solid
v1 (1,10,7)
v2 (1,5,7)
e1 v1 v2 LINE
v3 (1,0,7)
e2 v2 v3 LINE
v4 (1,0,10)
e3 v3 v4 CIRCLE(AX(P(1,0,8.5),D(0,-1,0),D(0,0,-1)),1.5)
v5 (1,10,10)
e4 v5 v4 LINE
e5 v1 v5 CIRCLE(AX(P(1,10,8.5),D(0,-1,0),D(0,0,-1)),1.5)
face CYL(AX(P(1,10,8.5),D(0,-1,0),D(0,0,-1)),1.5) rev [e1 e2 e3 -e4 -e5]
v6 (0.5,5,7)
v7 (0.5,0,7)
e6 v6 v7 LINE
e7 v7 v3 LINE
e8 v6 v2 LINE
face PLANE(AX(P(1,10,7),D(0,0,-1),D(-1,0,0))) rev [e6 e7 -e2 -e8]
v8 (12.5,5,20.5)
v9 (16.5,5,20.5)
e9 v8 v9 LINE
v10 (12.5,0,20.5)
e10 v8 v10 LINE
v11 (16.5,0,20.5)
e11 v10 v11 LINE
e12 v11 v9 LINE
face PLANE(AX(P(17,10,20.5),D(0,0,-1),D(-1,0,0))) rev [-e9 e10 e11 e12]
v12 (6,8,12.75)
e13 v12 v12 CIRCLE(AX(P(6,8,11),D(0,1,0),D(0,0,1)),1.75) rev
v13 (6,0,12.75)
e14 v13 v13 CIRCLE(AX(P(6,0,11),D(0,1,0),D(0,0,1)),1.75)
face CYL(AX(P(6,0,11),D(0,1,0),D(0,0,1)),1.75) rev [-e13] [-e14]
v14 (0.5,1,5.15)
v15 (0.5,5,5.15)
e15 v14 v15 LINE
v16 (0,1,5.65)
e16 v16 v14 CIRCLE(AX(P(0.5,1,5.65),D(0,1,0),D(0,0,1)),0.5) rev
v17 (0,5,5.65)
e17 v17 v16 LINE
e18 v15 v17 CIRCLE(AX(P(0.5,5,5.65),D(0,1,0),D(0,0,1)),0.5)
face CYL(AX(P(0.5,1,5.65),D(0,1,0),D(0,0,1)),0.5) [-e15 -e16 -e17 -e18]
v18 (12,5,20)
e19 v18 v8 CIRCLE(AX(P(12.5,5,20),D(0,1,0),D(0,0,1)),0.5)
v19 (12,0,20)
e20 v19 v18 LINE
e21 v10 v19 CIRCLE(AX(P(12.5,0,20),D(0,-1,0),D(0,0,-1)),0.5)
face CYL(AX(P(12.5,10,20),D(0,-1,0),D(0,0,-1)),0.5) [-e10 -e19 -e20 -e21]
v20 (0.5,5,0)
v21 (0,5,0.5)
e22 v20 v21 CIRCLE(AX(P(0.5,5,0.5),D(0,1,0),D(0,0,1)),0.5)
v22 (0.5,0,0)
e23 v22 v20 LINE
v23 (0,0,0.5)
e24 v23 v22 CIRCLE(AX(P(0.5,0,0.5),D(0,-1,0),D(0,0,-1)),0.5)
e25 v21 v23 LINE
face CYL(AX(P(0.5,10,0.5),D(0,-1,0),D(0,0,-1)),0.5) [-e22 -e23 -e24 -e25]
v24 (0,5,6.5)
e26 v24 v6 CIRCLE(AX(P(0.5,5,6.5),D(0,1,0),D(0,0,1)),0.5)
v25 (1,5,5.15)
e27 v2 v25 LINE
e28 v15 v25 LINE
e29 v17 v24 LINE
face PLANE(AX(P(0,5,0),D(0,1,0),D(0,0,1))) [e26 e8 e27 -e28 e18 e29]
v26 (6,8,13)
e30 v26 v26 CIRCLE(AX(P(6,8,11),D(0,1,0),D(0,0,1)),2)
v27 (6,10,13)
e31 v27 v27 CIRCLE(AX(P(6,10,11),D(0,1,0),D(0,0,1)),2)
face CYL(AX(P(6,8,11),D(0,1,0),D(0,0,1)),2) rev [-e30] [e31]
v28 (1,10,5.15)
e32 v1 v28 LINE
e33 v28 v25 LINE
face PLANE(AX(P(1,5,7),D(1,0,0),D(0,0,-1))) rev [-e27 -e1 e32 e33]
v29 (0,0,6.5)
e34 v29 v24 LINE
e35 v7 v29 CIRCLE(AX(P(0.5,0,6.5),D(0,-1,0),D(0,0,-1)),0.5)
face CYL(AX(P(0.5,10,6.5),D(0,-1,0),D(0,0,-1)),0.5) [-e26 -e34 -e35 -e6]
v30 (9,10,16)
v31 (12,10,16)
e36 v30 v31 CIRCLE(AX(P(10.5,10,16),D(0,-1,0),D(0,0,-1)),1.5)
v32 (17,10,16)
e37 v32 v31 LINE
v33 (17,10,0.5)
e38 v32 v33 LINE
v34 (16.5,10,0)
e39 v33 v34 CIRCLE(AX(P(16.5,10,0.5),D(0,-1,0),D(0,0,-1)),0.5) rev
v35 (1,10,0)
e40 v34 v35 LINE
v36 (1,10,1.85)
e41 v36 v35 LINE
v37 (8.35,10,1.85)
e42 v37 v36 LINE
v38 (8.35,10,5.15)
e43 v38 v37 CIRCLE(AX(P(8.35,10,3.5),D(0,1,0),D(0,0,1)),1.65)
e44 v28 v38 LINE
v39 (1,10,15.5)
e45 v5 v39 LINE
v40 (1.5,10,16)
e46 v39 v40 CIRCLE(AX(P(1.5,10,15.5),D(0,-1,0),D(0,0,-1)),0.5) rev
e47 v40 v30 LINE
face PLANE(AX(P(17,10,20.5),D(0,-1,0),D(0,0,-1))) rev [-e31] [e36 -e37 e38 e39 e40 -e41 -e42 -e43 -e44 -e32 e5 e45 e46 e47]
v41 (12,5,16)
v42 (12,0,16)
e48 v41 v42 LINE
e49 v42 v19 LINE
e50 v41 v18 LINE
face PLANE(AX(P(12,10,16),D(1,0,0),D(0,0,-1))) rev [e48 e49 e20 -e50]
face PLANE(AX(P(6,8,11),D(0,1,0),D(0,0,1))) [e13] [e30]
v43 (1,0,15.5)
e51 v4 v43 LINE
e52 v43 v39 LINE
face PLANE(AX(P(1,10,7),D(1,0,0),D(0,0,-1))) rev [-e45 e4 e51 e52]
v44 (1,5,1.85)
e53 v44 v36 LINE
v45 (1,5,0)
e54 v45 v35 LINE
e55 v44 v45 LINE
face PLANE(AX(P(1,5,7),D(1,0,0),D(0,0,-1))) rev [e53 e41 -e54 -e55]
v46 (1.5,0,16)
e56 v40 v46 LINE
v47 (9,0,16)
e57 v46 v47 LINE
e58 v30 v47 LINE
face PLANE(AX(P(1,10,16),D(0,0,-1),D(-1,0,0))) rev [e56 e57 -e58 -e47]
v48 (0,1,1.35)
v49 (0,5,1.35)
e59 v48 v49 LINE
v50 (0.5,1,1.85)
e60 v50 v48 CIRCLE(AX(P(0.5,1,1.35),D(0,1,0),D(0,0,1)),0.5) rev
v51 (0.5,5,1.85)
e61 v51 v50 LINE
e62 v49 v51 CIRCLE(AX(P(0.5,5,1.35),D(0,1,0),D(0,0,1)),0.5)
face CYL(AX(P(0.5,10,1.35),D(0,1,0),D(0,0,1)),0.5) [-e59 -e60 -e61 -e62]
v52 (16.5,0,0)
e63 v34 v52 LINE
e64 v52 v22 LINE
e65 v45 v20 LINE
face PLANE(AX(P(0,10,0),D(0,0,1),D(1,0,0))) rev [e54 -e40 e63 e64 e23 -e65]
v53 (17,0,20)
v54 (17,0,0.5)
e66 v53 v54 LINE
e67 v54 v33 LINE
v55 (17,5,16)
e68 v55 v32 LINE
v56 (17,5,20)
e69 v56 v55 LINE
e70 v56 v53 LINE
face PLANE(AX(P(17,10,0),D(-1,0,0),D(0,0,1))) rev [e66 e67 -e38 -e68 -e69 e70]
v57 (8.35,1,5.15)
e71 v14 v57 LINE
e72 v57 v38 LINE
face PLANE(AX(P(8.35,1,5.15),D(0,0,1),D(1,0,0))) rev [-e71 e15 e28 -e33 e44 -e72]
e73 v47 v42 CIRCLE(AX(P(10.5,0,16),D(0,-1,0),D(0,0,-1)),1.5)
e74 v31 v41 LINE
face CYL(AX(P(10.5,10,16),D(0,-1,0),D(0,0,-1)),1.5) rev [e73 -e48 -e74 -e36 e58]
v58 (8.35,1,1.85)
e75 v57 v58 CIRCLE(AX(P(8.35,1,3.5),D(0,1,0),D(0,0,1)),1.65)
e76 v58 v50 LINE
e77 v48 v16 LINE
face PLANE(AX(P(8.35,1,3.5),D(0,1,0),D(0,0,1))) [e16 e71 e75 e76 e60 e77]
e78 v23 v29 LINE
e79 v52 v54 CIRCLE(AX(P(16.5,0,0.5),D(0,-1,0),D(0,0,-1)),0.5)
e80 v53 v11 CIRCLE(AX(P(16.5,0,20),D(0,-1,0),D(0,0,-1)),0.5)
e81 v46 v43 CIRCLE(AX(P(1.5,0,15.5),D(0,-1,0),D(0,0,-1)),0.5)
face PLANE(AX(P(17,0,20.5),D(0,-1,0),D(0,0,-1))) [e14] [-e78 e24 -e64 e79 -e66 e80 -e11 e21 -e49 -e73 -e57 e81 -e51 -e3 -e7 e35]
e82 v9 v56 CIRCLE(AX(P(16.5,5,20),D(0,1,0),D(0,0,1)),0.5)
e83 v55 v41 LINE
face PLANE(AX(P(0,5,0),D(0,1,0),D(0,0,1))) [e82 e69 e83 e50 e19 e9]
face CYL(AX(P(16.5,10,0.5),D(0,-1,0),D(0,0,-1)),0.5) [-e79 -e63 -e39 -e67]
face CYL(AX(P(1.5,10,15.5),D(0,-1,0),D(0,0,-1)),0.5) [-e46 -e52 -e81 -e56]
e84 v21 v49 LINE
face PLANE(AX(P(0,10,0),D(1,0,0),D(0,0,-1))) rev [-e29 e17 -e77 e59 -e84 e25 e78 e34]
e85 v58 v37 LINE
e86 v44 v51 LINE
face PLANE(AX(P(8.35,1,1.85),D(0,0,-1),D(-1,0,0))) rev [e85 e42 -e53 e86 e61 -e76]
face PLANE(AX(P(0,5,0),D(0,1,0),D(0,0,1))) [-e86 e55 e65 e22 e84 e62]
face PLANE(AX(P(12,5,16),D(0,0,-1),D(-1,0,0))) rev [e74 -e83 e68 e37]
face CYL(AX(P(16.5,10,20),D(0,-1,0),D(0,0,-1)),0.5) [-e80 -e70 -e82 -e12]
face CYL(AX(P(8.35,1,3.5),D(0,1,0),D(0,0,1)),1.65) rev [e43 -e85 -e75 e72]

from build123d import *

# Parameters (mm, degrees)
BOSS_EXTRUDE1_DEPTH = 10
SKETCH4_R           = 1.75
CUT_EXTRUDE3_DEPTH  = 10
SKETCH6_R           = 2
CUT_EXTRUDE5_DEPTH  = 2
CUT_EXTRUDE6_DEPTH  = 29.447319733
SKETCH8_W           = 5
SKETCH8_H           = 4.5
SKETCH8_W_2         = 1
SKETCH8_H_2         = 7
CUT_EXTRUDE7_DEPTH  = 5
CUT_EXTRUDE8_DEPTH  = 9
FILLET6_R           = 0.5


with BuildPart() as part:
    # Sketch1 → Boss-Extrude1 (new body)
    with BuildSketch(Plane(origin=(0, 0, 0), x_dir=(1, 0, 0), z_dir=(0, 1, 0))):
        Polygon((0, 0), (17, 0), (17, -20.5), (12, -20.5), (12, -16), (1, -16), (1, -7), (0, -7), align=None)
    extrude(amount=BOSS_EXTRUDE1_DEPTH)

    # Sketch4 → Cut-Extrude3 (cut)
    with BuildSketch(Plane(origin=(0, 10, 0), x_dir=(1, 0, 0), z_dir=(0, 1, 0))):
        with Locations(Location((6, -11, 0), (0, 0, 270))):
            Circle(SKETCH4_R)
    extrude(amount=-CUT_EXTRUDE3_DEPTH, mode=Mode.SUBTRACT)

    # Sketch6 → Cut-Extrude5 (cut)
    with BuildSketch(Plane(origin=(0, 10, 0), x_dir=(1, 0, 0), z_dir=(0, 1, 0))):
        with Locations(Location((6, -11, 0), (0, 0, 270))):
            Circle(SKETCH6_R)
    extrude(amount=-CUT_EXTRUDE5_DEPTH, mode=Mode.SUBTRACT)

    # Sketch7 → Cut-Extrude6 (cut, through all)
    with BuildSketch(Plane.XZ):
        with BuildLine():
            Line((0, 10), (1, 10))
            ThreePointArc((1, 10), (2.5, 8.5), (1, 7))
            Line((1, 7), (0, 7))
            ThreePointArc((0, 7), (-1.5, 8.5), (0, 10))
        make_face()
        with BuildLine():
            Line((9, 16), (9, 20.5))
            ThreePointArc((9, 20.5), (10.5, 22), (12, 20.5))
            Line((12, 20.5), (12, 16))
            ThreePointArc((12, 16), (10.5, 14.5), (9, 16))
        make_face()
    extrude(amount=-CUT_EXTRUDE6_DEPTH, mode=Mode.SUBTRACT)

    # Sketch8 → Cut-Extrude7 (cut)
    with BuildSketch(Plane(origin=(0, 10, 0), x_dir=(1, 0, 0), z_dir=(0, 1, 0))):
        with Locations((14.5, -18.25)):
            Rectangle(SKETCH8_W, SKETCH8_H)
        with Locations((0.5, -3.5)):
            Rectangle(SKETCH8_W_2, SKETCH8_H_2)
    extrude(amount=-CUT_EXTRUDE7_DEPTH, mode=Mode.SUBTRACT)

    # Sketch9 → Cut-Extrude8 (cut)
    with BuildSketch(Plane(origin=(0, 10, 0), x_dir=(1, 0, 0), z_dir=(0, 1, 0))):
        with BuildLine():
            Line((8.35, -5.15), (0, -5.15))
            ThreePointArc((0, -5.15), (-1.65, -3.5), (0, -1.85))
            Line((0, -1.85), (8.35, -1.85))
            ThreePointArc((8.35, -1.85), (10, -3.5), (8.35, -5.15))
        make_face()
    extrude(amount=-CUT_EXTRUDE8_DEPTH, mode=Mode.SUBTRACT)

    # Fillet6
    fillet6_edges = [part.edges().sort_by_distance(p)[0] for p in [
        (0, 3, 1.85),
        (0, 3, 5.15),
        (1, 5, 16),
        (17, 5, 0),
        (17, 2.5, 20.5),
        (12, 2.5, 20.5),
        (0, 2.5, 7),
        (0, 2.5, 0),
    ]]
    fillet(fillet6_edges, radius=FILLET6_R)


solid = part.part
